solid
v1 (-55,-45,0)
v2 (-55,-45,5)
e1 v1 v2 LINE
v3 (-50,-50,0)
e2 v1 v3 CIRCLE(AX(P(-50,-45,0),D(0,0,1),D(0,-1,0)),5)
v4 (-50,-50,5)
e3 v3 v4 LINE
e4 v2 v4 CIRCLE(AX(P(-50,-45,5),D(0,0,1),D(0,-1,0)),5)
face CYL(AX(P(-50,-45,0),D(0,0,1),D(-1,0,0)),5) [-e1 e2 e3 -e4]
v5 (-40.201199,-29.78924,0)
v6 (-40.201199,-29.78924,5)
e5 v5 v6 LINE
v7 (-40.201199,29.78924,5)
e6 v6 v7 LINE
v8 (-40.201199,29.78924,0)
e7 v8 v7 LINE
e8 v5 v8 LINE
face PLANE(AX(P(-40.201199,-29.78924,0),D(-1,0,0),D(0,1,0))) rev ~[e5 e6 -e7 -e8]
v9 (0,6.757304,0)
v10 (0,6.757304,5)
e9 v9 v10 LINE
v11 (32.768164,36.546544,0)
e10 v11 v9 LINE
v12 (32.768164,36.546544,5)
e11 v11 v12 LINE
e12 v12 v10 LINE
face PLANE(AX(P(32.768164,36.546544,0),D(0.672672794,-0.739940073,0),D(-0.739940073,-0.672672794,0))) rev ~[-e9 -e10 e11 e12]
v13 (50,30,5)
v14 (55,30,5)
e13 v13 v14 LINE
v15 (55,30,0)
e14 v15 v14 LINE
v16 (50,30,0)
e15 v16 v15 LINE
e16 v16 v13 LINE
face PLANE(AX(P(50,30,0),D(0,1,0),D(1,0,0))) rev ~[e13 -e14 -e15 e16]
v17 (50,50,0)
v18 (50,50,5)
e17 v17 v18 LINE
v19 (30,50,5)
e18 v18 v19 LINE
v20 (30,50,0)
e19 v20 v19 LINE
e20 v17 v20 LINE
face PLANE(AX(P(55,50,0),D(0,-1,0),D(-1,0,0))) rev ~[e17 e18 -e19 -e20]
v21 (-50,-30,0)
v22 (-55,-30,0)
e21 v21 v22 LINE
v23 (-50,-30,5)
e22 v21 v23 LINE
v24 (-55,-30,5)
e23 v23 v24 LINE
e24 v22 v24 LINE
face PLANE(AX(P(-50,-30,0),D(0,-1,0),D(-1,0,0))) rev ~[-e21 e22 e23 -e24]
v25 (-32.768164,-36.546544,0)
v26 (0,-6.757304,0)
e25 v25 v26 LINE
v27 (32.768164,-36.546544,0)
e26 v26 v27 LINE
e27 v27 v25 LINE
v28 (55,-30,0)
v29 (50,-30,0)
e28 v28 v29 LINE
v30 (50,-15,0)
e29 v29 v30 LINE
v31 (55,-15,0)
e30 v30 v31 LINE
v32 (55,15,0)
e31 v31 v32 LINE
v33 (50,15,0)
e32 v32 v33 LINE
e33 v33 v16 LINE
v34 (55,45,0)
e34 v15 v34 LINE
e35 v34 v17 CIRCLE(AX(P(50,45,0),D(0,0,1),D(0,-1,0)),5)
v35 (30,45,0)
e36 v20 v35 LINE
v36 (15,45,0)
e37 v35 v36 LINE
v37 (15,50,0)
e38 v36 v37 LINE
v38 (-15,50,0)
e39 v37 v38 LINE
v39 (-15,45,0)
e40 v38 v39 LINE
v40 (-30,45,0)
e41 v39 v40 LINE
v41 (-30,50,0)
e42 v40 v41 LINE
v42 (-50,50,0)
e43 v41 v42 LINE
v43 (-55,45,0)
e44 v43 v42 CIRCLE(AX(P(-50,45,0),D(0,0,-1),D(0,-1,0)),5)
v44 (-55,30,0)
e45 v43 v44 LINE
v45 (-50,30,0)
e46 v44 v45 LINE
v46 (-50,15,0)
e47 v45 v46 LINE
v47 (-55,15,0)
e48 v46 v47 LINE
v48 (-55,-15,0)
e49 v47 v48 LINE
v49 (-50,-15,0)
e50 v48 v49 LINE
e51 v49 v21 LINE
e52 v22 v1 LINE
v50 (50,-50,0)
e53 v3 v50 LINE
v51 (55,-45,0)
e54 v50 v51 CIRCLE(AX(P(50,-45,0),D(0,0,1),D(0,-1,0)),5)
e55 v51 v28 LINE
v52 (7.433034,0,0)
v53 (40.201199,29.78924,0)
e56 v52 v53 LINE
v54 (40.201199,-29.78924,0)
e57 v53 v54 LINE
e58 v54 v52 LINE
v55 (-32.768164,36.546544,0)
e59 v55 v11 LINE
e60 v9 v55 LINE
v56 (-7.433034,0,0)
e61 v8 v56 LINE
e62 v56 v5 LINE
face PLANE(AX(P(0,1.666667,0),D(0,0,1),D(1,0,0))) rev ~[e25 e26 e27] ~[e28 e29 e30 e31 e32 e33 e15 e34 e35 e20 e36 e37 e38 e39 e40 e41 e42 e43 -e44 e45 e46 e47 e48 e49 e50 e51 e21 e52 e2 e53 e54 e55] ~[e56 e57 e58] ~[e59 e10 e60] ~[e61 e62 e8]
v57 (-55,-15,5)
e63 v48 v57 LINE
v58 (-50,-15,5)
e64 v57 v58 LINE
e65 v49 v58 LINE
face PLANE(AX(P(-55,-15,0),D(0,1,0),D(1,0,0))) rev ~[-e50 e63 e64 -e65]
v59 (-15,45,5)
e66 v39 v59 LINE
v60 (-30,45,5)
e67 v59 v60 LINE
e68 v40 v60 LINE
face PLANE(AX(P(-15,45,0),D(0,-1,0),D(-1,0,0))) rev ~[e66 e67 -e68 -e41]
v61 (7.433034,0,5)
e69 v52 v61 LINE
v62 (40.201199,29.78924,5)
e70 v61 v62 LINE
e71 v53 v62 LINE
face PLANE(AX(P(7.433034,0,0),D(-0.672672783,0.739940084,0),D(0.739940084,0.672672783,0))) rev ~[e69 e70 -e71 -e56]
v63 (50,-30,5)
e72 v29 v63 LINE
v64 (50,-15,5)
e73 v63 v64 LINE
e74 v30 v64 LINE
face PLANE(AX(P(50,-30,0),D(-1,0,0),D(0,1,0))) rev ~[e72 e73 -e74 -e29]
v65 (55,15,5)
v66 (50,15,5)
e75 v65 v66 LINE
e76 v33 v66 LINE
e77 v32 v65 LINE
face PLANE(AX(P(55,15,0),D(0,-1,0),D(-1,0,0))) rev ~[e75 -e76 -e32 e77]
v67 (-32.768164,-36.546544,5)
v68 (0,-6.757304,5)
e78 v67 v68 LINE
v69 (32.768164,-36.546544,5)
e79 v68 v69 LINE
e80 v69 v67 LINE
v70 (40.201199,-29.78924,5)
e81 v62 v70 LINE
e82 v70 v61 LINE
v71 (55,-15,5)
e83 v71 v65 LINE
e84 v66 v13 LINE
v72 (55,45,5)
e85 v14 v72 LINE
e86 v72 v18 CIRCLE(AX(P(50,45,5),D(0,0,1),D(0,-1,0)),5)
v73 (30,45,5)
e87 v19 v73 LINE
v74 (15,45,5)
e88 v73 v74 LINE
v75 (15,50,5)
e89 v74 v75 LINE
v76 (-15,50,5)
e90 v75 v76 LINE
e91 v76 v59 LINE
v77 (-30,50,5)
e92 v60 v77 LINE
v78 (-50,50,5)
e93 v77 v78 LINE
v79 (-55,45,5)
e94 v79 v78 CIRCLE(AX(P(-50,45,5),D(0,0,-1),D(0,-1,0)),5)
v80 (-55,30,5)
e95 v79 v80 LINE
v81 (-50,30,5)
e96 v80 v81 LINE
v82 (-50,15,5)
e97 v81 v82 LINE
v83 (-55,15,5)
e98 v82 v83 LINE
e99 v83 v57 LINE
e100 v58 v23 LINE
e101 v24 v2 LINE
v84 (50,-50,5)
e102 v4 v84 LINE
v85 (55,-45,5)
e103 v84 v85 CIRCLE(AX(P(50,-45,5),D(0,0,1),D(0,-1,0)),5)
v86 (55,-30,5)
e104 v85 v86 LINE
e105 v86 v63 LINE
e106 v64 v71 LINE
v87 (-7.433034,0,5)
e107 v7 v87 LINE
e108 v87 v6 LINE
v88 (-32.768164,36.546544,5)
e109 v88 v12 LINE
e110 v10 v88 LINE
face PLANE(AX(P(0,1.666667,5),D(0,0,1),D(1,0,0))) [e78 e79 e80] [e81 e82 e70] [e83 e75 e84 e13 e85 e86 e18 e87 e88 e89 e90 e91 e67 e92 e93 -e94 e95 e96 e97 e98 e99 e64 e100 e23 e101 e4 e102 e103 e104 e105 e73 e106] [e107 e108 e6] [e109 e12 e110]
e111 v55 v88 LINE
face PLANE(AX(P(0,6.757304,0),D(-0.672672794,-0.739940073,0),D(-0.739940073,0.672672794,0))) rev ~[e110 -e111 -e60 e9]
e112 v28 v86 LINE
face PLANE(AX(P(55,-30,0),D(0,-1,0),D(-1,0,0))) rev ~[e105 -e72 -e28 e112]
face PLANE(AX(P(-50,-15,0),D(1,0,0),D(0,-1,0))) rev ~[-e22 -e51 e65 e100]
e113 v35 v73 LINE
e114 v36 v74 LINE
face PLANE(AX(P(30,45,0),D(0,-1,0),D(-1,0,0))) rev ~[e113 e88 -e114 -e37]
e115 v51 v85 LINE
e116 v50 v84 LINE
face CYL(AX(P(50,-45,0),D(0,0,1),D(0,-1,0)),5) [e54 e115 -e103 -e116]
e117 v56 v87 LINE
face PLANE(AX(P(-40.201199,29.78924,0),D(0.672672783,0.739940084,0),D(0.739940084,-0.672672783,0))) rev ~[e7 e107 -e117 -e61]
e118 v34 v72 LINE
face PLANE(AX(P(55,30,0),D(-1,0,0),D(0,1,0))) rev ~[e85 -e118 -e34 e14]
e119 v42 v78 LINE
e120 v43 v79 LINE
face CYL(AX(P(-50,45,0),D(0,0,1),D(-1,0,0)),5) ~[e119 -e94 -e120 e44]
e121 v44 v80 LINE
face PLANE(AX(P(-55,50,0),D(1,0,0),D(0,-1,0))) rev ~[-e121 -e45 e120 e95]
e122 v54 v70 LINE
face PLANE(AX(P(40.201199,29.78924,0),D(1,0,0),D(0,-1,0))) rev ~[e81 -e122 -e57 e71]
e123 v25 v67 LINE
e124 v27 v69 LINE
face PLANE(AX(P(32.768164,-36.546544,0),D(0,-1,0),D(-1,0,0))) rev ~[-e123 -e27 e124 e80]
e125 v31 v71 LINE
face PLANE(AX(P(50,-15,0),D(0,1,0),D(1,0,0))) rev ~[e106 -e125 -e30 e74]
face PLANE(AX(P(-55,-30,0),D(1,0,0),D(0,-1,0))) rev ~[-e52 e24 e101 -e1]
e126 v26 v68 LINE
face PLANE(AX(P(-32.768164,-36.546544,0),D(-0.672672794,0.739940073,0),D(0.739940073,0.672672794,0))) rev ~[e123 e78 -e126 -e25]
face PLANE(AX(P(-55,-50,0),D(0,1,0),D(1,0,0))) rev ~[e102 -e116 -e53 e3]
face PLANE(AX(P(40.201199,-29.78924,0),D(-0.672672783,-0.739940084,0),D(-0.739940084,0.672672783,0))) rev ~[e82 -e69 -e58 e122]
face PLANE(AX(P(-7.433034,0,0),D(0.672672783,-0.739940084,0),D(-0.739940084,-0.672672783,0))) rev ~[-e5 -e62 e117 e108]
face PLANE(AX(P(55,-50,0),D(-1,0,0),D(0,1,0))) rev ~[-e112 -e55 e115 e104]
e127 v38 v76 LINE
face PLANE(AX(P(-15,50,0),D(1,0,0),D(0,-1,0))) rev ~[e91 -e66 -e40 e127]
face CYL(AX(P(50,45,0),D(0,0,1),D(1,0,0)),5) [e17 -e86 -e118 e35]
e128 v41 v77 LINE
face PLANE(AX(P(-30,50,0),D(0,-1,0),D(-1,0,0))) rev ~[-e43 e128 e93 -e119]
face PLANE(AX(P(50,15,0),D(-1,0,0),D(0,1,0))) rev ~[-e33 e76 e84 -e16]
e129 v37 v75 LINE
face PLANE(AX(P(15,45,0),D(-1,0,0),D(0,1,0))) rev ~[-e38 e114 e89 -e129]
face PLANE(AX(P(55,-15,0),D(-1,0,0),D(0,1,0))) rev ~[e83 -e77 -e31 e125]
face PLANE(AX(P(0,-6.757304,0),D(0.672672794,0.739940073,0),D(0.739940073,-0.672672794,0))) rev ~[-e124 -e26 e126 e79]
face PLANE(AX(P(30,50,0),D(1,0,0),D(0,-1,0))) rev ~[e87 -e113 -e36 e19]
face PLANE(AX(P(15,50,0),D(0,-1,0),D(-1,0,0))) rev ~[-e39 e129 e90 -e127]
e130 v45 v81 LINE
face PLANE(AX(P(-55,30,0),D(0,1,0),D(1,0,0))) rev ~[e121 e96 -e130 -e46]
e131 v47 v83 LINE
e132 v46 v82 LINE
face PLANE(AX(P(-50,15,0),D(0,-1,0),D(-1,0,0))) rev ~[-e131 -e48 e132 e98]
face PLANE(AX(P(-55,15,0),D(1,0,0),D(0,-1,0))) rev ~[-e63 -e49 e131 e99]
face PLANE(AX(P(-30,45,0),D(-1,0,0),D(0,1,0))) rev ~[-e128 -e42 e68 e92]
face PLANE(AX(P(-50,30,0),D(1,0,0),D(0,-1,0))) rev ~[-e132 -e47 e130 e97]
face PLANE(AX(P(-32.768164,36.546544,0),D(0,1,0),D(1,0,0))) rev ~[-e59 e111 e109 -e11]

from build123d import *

# Parameters (mm, degrees)
F1_DEPTH = 5
F2_R     = 5
F3_R     = 5


with BuildPart() as f1:
    # F0 (on Top) → F1 (new body)
    with BuildSketch(Plane.XY):
        Polygon((-55, -30), (-55, -50), (55, -50), (55, -30), (50, -30), (50, -15), (55, -15), (55, 15), (50, 15), (50, 30), (55, 30), (55, 50), (30, 50), (30, 45), (15, 45), (15, 50), (-15, 50), (-15, 45), (-30, 45), (-30, 50), (-55, 50), (-55, 30), (-50, 30), (-50, 15), (-55, 15), (-55, -15), (-50, -15), (-50, -30), align=None)
        Polygon((-40.201199, -29.78924), (-40.201199, 29.78924), (-7.433034, 0), align=None, mode=Mode.SUBTRACT)
        Polygon((0, -6.757304), (32.768164, -36.546544), (-32.768164, -36.546544), align=None, mode=Mode.SUBTRACT)
        Polygon((-32.768164, 36.546544), (32.768164, 36.546544), (0, 6.757304), align=None, mode=Mode.SUBTRACT)
        Polygon((7.433034, 0), (40.201199, 29.78924), (40.201199, -29.78924), align=None, mode=Mode.SUBTRACT)
    extrude(amount=F1_DEPTH)

    # F2
    f2_edges = [f1.edges().sort_by_distance(p)[0] for p in [
        (55, 50, 2.5),
        (-55, 50, 2.5),
    ]]
    fillet(f2_edges, radius=F2_R)

    # F3
    f3_edges = [f1.edges().sort_by_distance(p)[0] for p in [
        (55, -50, 2.5),
        (-55, -50, 2.5),
    ]]
    fillet(f3_edges, radius=F3_R)


solid = f1.part
